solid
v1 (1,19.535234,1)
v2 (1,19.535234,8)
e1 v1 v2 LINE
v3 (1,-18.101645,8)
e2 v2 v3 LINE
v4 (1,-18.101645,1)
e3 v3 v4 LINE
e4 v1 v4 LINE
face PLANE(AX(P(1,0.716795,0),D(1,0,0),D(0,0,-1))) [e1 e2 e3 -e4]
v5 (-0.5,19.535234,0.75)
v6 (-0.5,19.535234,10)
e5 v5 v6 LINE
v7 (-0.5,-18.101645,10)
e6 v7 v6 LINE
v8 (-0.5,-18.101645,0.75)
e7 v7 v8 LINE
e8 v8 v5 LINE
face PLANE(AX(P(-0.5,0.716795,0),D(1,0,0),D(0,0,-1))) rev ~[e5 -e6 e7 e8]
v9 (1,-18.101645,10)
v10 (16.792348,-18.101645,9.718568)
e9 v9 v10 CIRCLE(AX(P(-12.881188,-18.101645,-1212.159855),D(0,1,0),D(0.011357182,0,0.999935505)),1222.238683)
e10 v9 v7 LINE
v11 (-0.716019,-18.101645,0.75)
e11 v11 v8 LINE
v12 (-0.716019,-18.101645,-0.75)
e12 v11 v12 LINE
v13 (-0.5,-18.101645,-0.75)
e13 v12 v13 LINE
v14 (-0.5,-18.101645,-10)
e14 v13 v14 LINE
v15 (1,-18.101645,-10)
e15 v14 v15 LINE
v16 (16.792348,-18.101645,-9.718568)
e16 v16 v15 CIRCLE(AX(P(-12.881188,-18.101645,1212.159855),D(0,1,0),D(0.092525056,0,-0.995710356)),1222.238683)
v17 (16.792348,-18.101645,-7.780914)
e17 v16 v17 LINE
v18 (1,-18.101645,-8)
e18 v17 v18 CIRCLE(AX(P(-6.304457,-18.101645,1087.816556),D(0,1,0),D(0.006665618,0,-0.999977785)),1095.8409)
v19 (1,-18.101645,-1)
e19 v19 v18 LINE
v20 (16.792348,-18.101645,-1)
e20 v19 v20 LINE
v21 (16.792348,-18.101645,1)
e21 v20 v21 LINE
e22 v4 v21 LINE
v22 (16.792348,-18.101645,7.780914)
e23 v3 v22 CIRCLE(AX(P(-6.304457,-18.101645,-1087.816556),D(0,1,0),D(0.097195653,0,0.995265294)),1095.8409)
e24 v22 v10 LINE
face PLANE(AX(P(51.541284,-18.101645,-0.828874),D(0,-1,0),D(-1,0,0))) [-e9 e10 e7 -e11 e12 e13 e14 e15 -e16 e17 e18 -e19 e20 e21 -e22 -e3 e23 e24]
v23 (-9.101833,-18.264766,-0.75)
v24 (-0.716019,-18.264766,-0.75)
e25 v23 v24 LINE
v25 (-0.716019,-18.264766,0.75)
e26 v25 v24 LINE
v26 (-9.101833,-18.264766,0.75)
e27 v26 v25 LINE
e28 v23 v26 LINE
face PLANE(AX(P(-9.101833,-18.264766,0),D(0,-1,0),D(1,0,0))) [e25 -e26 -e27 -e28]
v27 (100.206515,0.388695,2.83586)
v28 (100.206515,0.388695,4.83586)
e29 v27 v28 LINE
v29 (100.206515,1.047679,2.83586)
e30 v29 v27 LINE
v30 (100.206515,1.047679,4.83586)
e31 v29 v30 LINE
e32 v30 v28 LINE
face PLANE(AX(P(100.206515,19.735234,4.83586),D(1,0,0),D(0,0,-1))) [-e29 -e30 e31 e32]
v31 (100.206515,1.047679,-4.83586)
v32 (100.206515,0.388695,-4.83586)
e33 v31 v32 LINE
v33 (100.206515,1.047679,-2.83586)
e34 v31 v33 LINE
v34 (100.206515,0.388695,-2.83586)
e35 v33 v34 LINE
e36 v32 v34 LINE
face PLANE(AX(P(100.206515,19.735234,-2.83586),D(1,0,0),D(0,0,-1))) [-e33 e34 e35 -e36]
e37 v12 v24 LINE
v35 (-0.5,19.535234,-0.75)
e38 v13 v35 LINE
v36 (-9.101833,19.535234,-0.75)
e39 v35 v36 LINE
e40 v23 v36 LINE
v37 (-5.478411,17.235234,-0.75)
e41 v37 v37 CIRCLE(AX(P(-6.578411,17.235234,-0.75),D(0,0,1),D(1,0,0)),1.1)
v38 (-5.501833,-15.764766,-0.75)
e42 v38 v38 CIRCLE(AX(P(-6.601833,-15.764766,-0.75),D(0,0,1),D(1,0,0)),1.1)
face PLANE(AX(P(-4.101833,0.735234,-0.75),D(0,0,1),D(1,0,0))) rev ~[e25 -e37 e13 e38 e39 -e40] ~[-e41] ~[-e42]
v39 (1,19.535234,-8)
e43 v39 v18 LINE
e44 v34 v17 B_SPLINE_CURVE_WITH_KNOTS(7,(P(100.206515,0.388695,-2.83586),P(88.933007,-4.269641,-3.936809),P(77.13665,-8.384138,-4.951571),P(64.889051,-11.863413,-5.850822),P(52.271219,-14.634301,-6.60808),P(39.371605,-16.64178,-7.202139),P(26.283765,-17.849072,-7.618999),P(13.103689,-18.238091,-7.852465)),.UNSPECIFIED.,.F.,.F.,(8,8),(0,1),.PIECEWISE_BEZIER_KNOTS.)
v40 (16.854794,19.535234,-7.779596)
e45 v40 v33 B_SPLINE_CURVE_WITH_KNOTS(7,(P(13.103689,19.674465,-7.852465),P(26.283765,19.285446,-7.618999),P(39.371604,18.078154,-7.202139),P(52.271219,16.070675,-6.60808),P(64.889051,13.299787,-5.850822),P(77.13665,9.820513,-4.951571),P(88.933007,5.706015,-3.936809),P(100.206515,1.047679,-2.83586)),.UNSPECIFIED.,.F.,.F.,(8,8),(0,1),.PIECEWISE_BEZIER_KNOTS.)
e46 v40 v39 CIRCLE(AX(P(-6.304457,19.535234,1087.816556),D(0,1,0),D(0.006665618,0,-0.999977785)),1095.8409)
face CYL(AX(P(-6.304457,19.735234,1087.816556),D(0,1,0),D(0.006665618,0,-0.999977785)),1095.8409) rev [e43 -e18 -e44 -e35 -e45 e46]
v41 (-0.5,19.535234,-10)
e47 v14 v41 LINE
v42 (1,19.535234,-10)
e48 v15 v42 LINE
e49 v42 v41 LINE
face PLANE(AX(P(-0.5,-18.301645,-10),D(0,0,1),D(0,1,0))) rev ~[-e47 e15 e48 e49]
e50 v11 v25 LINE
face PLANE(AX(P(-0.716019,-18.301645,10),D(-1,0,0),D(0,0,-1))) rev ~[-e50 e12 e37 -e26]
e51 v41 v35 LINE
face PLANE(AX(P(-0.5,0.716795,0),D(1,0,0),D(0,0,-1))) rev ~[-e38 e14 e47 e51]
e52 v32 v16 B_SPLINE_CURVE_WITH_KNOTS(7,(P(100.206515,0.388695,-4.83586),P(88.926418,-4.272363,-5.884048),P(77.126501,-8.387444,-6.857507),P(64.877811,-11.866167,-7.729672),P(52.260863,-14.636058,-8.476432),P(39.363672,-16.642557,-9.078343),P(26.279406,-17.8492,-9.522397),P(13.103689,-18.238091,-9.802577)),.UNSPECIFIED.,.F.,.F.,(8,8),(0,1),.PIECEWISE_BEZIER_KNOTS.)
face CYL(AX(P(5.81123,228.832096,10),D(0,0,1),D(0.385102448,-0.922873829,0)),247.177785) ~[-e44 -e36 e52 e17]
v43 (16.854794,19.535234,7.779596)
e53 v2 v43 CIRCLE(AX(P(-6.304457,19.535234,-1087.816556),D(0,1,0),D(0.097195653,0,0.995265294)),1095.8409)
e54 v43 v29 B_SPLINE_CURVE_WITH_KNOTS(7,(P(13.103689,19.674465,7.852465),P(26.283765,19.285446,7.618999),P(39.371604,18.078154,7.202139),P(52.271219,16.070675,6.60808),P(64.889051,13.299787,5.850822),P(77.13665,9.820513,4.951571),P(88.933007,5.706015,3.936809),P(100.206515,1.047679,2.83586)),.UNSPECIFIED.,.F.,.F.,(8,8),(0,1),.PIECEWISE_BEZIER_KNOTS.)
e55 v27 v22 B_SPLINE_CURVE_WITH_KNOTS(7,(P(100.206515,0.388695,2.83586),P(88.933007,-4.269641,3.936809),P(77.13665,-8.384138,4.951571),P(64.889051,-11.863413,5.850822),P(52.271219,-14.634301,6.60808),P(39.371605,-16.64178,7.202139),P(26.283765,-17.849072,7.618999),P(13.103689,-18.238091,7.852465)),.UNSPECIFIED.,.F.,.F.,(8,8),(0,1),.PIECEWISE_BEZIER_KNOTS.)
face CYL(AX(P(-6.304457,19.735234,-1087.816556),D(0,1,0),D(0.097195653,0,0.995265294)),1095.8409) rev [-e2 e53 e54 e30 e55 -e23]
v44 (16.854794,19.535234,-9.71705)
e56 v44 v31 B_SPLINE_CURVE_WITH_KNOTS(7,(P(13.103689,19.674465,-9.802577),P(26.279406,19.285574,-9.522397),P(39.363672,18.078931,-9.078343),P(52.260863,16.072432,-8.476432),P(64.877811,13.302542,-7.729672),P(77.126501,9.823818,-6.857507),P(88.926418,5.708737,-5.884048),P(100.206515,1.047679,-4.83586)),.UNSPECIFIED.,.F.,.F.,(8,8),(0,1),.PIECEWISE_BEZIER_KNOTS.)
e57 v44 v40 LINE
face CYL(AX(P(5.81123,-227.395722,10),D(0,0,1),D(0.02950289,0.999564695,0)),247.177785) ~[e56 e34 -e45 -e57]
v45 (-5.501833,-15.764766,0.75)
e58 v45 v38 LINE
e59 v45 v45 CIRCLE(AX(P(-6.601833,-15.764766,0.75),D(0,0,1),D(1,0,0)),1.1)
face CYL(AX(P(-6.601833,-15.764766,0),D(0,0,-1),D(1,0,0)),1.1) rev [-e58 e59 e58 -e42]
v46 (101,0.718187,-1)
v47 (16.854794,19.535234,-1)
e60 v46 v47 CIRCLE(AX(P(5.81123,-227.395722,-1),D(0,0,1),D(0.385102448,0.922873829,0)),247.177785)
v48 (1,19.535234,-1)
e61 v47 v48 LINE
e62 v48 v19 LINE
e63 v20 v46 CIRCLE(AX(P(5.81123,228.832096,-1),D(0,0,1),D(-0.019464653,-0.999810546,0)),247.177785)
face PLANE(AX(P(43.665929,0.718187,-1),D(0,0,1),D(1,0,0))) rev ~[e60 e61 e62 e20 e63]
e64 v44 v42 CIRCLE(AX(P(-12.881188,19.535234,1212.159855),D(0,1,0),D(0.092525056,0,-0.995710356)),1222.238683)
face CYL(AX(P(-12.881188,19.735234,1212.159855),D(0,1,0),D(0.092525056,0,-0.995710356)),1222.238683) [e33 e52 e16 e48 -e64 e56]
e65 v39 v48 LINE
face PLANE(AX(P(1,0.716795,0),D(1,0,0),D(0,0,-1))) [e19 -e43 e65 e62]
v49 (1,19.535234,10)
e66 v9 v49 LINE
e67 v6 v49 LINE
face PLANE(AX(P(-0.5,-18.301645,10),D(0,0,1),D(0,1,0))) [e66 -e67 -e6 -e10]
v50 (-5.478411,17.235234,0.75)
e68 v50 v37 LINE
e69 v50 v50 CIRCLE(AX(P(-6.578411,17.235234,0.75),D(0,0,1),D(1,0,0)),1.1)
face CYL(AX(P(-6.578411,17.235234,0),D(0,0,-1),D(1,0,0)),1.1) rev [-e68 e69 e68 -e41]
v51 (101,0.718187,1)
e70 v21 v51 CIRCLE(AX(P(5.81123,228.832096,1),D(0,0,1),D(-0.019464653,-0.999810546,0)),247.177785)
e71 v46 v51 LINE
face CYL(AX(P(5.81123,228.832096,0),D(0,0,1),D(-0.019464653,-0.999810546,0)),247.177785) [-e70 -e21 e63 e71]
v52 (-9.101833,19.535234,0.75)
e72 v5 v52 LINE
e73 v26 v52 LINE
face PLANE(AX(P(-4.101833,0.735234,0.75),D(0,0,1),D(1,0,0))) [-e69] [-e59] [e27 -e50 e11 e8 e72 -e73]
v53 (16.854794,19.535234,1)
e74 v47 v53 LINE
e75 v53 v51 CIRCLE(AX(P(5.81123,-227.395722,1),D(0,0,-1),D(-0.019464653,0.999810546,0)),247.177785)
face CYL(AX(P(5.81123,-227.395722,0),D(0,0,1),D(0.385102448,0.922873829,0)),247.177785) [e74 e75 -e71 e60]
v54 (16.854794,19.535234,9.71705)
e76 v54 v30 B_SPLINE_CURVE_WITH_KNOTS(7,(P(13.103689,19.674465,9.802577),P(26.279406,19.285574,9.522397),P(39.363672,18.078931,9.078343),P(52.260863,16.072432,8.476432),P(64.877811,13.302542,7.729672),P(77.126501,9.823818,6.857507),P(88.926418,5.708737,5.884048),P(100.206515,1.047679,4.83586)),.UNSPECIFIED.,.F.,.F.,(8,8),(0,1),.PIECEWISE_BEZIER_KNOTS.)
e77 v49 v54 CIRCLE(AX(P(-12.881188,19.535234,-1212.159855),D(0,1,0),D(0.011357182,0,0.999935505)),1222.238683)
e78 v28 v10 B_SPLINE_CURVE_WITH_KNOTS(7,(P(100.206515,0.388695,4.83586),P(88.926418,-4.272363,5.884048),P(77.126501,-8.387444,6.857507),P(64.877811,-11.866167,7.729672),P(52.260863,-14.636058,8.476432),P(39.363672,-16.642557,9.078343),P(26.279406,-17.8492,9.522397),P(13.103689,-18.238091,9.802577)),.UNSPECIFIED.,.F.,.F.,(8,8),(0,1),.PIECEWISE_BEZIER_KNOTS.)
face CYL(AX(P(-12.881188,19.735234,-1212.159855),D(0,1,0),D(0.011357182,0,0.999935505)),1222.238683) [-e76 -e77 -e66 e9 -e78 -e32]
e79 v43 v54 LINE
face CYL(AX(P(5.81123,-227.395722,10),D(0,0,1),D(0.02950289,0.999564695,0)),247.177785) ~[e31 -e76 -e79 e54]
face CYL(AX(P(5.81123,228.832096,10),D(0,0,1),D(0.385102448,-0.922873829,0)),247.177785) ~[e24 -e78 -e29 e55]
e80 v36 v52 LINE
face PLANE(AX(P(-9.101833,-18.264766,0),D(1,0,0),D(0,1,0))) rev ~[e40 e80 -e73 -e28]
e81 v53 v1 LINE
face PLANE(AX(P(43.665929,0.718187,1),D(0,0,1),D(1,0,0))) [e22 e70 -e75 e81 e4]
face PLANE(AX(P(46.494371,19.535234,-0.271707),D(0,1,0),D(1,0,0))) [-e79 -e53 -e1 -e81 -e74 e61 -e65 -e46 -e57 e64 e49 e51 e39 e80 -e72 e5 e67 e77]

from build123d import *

# Parameters (mm, degrees)
EXTRUDE_1_DEPTH          = 0.75
EXTRUDE_1_DEPTH_BACK     = 0.75
SKETCH_1_W               = 10
SKETCH_1_H               = 38
SKETCH_1_R               = 1.1
SKETCH_3_W               = 20
SKETCH_3_H               = 38.036879249
EXTRUDE_2_DEPTH          = 1.5
EXTRUDE_3_DEPTH          = 1
EXTRUDE_3_DEPTH_BACK     = 1
EXTRUDE_4_DEPTH          = 38
CUT_EXTRUDE_1_DEPTH      = 10
CUT_EXTRUDE_1_DEPTH_BACK = 20
CUT_EXTRUDE_4_DEPTH      = 0.2
CUT_EXTRUDE_4_DEPTH_BACK = 0.2
SKETCH_10_W              = 112.497058814
SKETCH_10_H              = 20.543414641
CUT_EXTRUDE_5_DEPTH      = 0.2
CUT_EXTRUDE_5_DEPTH_BACK = 0.2
SKETCH_11_W              = 104.514605189
SKETCH_11_H              = 21.657747512


with BuildPart() as part:
    # 草圖1 → 填料-伸長1 (new, two sides: drawn at the far end of the back side and taken through both)
    with BuildSketch(Plane.XY.offset(-EXTRUDE_1_DEPTH_BACK)):
        with Locations((-4.101832994, 0.735234216)):
            Rectangle(SKETCH_1_W, SKETCH_1_H)
        with Locations((-6.601832994, -15.764765784)):
            Circle(SKETCH_1_R, mode=Mode.SUBTRACT)
        with Locations((-6.578411405, 17.235234216)):
            Circle(SKETCH_1_R, mode=Mode.SUBTRACT)
    extrude(amount=EXTRUDE_1_DEPTH + EXTRUDE_1_DEPTH_BACK)

    # 草圖3 → 填料-伸長2 (add)
    with BuildSketch(Plane(origin=(-0.5, 0, 0), x_dir=(0, 0, -1), z_dir=(1, 0, 0))):
        with Locations((0, 0.716794592)):
            Rectangle(SKETCH_3_W, SKETCH_3_H)
    extrude(amount=EXTRUDE_2_DEPTH)

    # 草圖4 → 填料-伸長3 (add, two sides: drawn at the far end of the back side and taken through both)
    with BuildSketch(Plane.XY.offset(-EXTRUDE_3_DEPTH_BACK)):
        with BuildLine():
            Line((1, 19.735234216), (1, -18.298860138))
            ThreePointArc((1, -18.298860138), (51.989546932, -13.993809638), (101, 0.718187039))
            ThreePointArc((101, 0.718187039), (51.989546932, 15.430183716), (1, 19.735234216))
        make_face()
    extrude(amount=EXTRUDE_3_DEPTH + EXTRUDE_3_DEPTH_BACK)

    # 草圖5 → 填料-伸長4 (add)
    with BuildSketch(Plane(origin=(0, 19.735234216, 0), x_dir=(1, 0, 0), z_dir=(0, 1, 0))):
        with BuildLine():
            Line((1, -8), (1, -10))
            ThreePointArc((1, -10), (50.655745388, -8.426256946), (100.20651497, -4.835859882))
            Line((100.20651497, -4.835859882), (100.20651497, -2.835859882))
            ThreePointArc((100.20651497, -2.835859882), (50.661805416, -6.542674054), (1, -8))
        make_face()
        with BuildLine():
            Line((100.20651497, 2.835859882), (100.20651497, 4.835859882))
            ThreePointArc((100.20651497, 4.835859882), (50.655745388, 8.426256946), (1, 10))
            Line((1, 10), (1, 8))
            ThreePointArc((1, 8), (50.661805416, 6.542674054), (100.20651497, 2.835859882))
        make_face()
    extrude(amount=-EXTRUDE_4_DEPTH)

    # 草圖8 → 除料-伸長1 (cut, two sides: drawn at the far end of the back side and taken through both)
    with BuildSketch(Plane.XY.offset(10).offset(-CUT_EXTRUDE_1_DEPTH_BACK)):
        with BuildLine():
            Line((13.103688801, -18.23809131), (101, -18.264765784))
            Line((101, -18.264765784), (101, 0.718187039))
            ThreePointArc((101, 0.718187039), (57.921072507, -12.790381672), (13.103688801, -18.23809131))
        make_face()
        with BuildLine():
            ThreePointArc((13.103688801, 19.674465387), (57.921072507, 14.22675575), (101, 0.718187039))
            Line((101, 0.718187039), (101, 19.701139862))
            Line((101, 19.701139862), (13.103688801, 19.674465387))
        make_face()
    extrude(amount=CUT_EXTRUDE_1_DEPTH + CUT_EXTRUDE_1_DEPTH_BACK, mode=Mode.SUBTRACT)

    # 草圖10 → 除料-伸長4 (cut, two sides: drawn at the far end of the back side and taken through both)
    with BuildSketch(Plane(origin=(0, 19.735234216, 0), x_dir=(1, 0, 0), z_dir=(0, 1, 0)).offset(-CUT_EXTRUDE_4_DEPTH_BACK)):
        with Locations((46.49437126, 0.271707321)):
            Rectangle(SKETCH_10_W, SKETCH_10_H)
    extrude(amount=CUT_EXTRUDE_4_DEPTH + CUT_EXTRUDE_4_DEPTH_BACK, mode=Mode.SUBTRACT)

    # 草圖11 → 除料-伸長5 (cut, two sides: drawn at the far end of the back side and taken through both)
    with BuildSketch(Plane(origin=(0, -18.301645033, 0), x_dir=(-1, 0, 0), z_dir=(0, -1, 0)).offset(-CUT_EXTRUDE_5_DEPTH_BACK)):
        with Locations((-51.541283716, 0.828873756)):
            Rectangle(SKETCH_11_W, SKETCH_11_H)
    extrude(amount=CUT_EXTRUDE_5_DEPTH + CUT_EXTRUDE_5_DEPTH_BACK, mode=Mode.SUBTRACT)


solid = part.part
